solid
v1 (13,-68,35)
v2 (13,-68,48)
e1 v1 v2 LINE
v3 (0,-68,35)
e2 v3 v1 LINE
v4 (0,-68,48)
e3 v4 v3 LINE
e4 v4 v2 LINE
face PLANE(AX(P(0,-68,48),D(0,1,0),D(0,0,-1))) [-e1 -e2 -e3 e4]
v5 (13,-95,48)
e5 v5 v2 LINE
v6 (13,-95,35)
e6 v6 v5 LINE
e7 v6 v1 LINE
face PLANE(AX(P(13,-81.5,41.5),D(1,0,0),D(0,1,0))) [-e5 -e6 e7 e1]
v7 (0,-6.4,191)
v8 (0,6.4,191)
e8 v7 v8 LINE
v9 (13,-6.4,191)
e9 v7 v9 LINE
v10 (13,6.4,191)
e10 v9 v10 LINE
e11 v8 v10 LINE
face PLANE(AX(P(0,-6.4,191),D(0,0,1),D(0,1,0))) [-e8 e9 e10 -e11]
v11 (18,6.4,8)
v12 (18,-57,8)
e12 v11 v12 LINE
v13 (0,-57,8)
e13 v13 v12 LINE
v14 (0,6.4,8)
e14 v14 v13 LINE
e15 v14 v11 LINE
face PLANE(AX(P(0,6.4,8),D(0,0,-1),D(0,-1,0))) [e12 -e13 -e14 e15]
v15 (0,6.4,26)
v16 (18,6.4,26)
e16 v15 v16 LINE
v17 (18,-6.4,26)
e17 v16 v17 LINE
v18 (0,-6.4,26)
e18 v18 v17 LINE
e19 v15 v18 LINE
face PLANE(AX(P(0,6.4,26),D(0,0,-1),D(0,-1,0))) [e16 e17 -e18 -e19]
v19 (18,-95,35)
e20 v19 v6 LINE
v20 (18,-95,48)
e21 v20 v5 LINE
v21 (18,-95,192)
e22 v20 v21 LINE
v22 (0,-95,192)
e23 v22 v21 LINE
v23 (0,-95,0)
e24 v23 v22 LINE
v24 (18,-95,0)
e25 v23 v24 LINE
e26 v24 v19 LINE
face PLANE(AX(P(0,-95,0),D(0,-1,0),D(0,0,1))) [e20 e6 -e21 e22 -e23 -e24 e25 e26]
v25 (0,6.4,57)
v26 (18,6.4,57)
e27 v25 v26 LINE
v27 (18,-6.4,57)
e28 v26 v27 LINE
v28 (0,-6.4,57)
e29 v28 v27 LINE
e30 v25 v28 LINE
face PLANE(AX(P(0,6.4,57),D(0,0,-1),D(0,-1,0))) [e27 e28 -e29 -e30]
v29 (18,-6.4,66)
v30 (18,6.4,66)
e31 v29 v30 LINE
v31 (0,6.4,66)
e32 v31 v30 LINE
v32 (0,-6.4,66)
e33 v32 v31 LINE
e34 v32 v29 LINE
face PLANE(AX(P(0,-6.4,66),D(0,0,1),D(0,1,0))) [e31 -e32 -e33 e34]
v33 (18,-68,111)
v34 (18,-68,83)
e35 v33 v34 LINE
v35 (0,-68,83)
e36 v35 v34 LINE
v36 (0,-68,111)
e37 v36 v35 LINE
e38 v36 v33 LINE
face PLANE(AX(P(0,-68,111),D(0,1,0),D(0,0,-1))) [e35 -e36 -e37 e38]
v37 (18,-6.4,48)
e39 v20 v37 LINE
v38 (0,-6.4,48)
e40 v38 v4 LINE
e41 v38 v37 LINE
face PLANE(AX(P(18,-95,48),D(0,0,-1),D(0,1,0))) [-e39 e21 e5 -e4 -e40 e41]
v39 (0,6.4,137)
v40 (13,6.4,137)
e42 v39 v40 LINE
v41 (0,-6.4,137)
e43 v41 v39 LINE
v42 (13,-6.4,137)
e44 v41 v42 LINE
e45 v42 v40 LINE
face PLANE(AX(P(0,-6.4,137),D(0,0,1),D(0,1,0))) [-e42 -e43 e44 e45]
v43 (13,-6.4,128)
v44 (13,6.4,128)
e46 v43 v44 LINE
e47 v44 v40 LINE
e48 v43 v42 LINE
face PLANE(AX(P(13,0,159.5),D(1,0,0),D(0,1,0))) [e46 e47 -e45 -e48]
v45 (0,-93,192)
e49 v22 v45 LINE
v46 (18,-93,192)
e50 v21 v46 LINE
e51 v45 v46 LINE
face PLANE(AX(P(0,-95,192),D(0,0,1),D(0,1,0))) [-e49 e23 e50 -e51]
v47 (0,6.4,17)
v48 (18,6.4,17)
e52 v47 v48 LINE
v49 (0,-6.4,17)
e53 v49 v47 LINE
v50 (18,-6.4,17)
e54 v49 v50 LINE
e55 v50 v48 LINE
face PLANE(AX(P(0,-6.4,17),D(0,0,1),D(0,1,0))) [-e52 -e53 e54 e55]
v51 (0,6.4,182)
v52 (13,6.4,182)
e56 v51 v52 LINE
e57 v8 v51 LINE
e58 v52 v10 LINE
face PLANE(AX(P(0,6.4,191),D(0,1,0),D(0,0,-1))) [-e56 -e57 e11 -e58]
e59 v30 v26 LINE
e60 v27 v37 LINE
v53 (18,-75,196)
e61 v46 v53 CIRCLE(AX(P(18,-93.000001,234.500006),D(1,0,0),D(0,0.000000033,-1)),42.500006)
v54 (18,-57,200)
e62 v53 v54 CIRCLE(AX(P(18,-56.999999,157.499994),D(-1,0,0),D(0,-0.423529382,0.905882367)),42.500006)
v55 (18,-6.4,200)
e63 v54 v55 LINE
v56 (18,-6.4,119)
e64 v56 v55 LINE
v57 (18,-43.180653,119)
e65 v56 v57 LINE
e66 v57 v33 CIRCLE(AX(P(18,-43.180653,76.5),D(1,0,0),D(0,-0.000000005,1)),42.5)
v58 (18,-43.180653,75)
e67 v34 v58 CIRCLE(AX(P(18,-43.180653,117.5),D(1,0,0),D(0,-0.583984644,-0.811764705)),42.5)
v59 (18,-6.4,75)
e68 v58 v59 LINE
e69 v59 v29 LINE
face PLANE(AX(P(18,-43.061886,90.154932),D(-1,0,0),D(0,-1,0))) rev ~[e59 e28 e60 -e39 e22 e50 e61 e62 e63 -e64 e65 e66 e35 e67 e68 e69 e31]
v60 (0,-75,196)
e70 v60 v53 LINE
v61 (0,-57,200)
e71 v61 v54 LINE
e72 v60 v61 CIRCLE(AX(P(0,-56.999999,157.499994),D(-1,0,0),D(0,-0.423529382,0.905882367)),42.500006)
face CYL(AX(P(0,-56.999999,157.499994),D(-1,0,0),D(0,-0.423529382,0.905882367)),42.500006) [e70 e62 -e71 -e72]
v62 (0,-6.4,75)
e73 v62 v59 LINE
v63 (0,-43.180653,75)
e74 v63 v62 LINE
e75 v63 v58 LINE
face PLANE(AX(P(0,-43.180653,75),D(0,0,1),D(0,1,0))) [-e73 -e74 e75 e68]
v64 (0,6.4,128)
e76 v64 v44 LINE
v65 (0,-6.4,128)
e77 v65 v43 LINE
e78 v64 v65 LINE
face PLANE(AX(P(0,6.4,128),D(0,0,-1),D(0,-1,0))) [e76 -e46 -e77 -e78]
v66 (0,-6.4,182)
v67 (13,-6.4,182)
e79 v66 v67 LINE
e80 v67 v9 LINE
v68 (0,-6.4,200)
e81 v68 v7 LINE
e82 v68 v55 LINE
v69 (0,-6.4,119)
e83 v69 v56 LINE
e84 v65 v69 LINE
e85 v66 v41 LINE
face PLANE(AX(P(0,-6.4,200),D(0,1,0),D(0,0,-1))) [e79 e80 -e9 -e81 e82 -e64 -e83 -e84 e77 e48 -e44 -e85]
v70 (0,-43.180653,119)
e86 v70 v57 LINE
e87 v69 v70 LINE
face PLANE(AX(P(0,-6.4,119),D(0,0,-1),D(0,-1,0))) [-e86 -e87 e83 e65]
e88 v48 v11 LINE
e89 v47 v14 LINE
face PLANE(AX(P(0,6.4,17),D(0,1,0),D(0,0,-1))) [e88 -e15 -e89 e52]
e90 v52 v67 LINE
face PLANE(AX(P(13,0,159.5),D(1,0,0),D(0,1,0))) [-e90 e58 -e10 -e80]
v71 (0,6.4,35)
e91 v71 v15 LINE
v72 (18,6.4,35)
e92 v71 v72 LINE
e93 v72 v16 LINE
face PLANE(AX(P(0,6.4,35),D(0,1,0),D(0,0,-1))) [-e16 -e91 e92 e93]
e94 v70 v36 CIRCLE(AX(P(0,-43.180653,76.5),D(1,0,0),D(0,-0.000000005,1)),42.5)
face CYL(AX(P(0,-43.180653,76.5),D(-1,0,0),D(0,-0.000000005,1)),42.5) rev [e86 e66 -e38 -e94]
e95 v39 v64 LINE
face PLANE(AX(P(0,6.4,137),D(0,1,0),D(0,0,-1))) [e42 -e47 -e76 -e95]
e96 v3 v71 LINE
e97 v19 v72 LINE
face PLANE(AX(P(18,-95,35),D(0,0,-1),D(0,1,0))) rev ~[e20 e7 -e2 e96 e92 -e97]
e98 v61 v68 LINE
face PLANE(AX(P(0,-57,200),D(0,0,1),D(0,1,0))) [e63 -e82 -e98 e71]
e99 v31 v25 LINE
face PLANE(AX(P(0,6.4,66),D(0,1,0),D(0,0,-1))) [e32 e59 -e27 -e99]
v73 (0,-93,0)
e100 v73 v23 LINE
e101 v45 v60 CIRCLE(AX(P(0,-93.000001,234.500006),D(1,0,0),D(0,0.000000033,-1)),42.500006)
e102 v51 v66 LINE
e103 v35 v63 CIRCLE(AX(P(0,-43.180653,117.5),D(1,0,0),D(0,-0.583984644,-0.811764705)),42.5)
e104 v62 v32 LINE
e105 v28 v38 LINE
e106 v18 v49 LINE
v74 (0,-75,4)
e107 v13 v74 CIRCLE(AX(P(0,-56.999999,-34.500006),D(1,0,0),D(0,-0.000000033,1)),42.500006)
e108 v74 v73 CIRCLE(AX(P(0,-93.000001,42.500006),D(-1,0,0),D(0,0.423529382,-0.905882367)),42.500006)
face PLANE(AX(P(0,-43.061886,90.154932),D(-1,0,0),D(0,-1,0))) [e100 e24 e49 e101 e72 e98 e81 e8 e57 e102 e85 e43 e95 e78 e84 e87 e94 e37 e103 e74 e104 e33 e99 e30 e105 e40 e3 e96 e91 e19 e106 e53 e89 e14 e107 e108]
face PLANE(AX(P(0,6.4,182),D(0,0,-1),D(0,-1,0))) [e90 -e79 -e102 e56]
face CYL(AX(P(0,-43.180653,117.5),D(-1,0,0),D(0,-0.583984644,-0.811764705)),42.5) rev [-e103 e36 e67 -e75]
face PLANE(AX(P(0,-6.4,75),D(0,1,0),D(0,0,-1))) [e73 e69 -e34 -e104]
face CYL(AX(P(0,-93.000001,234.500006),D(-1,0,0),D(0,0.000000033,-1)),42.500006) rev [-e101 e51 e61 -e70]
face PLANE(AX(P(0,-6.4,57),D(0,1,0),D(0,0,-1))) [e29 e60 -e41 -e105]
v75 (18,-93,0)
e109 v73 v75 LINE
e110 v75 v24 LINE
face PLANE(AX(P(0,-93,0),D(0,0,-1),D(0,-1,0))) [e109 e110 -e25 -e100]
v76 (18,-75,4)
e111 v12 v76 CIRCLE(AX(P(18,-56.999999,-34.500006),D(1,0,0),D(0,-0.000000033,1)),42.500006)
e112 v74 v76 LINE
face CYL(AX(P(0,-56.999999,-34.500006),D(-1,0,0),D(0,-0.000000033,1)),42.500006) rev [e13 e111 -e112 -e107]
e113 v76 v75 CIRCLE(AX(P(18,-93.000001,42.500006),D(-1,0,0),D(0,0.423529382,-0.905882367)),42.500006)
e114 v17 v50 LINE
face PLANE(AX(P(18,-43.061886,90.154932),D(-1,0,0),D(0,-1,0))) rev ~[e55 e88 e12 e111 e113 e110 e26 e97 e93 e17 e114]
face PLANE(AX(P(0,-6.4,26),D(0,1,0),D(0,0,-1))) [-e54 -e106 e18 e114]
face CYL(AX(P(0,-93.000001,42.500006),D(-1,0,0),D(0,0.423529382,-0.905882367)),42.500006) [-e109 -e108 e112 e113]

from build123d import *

# Parameters (mm, degrees)
PAD001_DEPTH    = 18
SKETCH008_W     = 12.8
SKETCH008_H     = 63
POCKET003_DEPTH = 5
SKETCH009_W     = 27
SKETCH009_H     = 13
POCKET004_DEPTH = 5


with BuildPart() as part:
    # Clone2D001 → Pad001 (new body)
    with BuildSketch(Plane.YZ):
        with BuildLine():
            Line((-95, 192), (-93, 192))
            ThreePointArc((-93, 192), (-83.780456, 193.01205), (-75, 196))
            ThreePointArc((-75, 196), (-66.219544, 198.98795), (-57, 200))
            Line((-57, 200), (-6.4, 200))
            Line((-6.4, 200), (-6.4, 191))
            Line((-6.4, 191), (6.4, 191))
            Line((6.4, 191), (6.4, 182))
            Line((6.4, 182), (-6.4, 182))
            Line((-6.4, 182), (-6.4, 137))
            Line((-6.4, 137), (6.4, 137))
            Line((6.4, 137), (6.4, 128))
            Line((6.4, 128), (-6.4, 128))
            Line((-6.4, 128), (-6.4, 119))
            Line((-6.4, 119), (-43.180653, 119))
            ThreePointArc((-43.180653, 119), (-56.219058, 116.950587), (-68, 111))
            Line((-68, 111), (-68, 83))
            ThreePointArc((-68, 83), (-56.219058, 77.049413), (-43.180653, 75))
            Line((-43.180653, 75), (-6.4, 75))
            Line((-6.4, 75), (-6.4, 66))
            Line((-6.4, 66), (6.4, 66))
            Line((6.4, 66), (6.4, 57))
            Line((6.4, 57), (-6.4, 57))
            Line((-6.4, 57), (-6.4, 48))
            Line((-6.4, 48), (-68, 48))
            Line((-68, 48), (-68, 35))
            Line((-68, 35), (6.4, 35))
            Line((6.4, 35), (6.4, 26))
            Line((6.4, 26), (-6.4, 26))
            Line((-6.4, 26), (-6.4, 17))
            Line((-6.4, 17), (6.4, 17))
            Line((6.4, 17), (6.4, 8))
            Line((6.4, 8), (-57, 8))
            ThreePointArc((-57, 8), (-66.219544, 6.98795), (-75, 4))
            ThreePointArc((-75, 4), (-83.780456, 1.01205), (-93, 0))
            Line((-93, 0), (-95, 0))
            Line((-95, 0), (-95, 192))
        make_face()
    extrude(amount=PAD001_DEPTH)

    # Sketch008 (on Face38 of Pad001) → Pocket003 (cut)
    with BuildSketch(Plane.YZ.offset(18)):
        with Locations((0, 159.5)):
            Rectangle(SKETCH008_W, SKETCH008_H)
    extrude(amount=-POCKET003_DEPTH, mode=Mode.SUBTRACT)

    # Sketch009 (on Face5 of Pocket003) → Pocket004 (cut)
    with BuildSketch(Plane.YZ.offset(18)):
        with Locations((-81.5, 41.5)):
            Rectangle(SKETCH009_W, SKETCH009_H)
    extrude(amount=-POCKET004_DEPTH, mode=Mode.SUBTRACT)


solid = part.part
